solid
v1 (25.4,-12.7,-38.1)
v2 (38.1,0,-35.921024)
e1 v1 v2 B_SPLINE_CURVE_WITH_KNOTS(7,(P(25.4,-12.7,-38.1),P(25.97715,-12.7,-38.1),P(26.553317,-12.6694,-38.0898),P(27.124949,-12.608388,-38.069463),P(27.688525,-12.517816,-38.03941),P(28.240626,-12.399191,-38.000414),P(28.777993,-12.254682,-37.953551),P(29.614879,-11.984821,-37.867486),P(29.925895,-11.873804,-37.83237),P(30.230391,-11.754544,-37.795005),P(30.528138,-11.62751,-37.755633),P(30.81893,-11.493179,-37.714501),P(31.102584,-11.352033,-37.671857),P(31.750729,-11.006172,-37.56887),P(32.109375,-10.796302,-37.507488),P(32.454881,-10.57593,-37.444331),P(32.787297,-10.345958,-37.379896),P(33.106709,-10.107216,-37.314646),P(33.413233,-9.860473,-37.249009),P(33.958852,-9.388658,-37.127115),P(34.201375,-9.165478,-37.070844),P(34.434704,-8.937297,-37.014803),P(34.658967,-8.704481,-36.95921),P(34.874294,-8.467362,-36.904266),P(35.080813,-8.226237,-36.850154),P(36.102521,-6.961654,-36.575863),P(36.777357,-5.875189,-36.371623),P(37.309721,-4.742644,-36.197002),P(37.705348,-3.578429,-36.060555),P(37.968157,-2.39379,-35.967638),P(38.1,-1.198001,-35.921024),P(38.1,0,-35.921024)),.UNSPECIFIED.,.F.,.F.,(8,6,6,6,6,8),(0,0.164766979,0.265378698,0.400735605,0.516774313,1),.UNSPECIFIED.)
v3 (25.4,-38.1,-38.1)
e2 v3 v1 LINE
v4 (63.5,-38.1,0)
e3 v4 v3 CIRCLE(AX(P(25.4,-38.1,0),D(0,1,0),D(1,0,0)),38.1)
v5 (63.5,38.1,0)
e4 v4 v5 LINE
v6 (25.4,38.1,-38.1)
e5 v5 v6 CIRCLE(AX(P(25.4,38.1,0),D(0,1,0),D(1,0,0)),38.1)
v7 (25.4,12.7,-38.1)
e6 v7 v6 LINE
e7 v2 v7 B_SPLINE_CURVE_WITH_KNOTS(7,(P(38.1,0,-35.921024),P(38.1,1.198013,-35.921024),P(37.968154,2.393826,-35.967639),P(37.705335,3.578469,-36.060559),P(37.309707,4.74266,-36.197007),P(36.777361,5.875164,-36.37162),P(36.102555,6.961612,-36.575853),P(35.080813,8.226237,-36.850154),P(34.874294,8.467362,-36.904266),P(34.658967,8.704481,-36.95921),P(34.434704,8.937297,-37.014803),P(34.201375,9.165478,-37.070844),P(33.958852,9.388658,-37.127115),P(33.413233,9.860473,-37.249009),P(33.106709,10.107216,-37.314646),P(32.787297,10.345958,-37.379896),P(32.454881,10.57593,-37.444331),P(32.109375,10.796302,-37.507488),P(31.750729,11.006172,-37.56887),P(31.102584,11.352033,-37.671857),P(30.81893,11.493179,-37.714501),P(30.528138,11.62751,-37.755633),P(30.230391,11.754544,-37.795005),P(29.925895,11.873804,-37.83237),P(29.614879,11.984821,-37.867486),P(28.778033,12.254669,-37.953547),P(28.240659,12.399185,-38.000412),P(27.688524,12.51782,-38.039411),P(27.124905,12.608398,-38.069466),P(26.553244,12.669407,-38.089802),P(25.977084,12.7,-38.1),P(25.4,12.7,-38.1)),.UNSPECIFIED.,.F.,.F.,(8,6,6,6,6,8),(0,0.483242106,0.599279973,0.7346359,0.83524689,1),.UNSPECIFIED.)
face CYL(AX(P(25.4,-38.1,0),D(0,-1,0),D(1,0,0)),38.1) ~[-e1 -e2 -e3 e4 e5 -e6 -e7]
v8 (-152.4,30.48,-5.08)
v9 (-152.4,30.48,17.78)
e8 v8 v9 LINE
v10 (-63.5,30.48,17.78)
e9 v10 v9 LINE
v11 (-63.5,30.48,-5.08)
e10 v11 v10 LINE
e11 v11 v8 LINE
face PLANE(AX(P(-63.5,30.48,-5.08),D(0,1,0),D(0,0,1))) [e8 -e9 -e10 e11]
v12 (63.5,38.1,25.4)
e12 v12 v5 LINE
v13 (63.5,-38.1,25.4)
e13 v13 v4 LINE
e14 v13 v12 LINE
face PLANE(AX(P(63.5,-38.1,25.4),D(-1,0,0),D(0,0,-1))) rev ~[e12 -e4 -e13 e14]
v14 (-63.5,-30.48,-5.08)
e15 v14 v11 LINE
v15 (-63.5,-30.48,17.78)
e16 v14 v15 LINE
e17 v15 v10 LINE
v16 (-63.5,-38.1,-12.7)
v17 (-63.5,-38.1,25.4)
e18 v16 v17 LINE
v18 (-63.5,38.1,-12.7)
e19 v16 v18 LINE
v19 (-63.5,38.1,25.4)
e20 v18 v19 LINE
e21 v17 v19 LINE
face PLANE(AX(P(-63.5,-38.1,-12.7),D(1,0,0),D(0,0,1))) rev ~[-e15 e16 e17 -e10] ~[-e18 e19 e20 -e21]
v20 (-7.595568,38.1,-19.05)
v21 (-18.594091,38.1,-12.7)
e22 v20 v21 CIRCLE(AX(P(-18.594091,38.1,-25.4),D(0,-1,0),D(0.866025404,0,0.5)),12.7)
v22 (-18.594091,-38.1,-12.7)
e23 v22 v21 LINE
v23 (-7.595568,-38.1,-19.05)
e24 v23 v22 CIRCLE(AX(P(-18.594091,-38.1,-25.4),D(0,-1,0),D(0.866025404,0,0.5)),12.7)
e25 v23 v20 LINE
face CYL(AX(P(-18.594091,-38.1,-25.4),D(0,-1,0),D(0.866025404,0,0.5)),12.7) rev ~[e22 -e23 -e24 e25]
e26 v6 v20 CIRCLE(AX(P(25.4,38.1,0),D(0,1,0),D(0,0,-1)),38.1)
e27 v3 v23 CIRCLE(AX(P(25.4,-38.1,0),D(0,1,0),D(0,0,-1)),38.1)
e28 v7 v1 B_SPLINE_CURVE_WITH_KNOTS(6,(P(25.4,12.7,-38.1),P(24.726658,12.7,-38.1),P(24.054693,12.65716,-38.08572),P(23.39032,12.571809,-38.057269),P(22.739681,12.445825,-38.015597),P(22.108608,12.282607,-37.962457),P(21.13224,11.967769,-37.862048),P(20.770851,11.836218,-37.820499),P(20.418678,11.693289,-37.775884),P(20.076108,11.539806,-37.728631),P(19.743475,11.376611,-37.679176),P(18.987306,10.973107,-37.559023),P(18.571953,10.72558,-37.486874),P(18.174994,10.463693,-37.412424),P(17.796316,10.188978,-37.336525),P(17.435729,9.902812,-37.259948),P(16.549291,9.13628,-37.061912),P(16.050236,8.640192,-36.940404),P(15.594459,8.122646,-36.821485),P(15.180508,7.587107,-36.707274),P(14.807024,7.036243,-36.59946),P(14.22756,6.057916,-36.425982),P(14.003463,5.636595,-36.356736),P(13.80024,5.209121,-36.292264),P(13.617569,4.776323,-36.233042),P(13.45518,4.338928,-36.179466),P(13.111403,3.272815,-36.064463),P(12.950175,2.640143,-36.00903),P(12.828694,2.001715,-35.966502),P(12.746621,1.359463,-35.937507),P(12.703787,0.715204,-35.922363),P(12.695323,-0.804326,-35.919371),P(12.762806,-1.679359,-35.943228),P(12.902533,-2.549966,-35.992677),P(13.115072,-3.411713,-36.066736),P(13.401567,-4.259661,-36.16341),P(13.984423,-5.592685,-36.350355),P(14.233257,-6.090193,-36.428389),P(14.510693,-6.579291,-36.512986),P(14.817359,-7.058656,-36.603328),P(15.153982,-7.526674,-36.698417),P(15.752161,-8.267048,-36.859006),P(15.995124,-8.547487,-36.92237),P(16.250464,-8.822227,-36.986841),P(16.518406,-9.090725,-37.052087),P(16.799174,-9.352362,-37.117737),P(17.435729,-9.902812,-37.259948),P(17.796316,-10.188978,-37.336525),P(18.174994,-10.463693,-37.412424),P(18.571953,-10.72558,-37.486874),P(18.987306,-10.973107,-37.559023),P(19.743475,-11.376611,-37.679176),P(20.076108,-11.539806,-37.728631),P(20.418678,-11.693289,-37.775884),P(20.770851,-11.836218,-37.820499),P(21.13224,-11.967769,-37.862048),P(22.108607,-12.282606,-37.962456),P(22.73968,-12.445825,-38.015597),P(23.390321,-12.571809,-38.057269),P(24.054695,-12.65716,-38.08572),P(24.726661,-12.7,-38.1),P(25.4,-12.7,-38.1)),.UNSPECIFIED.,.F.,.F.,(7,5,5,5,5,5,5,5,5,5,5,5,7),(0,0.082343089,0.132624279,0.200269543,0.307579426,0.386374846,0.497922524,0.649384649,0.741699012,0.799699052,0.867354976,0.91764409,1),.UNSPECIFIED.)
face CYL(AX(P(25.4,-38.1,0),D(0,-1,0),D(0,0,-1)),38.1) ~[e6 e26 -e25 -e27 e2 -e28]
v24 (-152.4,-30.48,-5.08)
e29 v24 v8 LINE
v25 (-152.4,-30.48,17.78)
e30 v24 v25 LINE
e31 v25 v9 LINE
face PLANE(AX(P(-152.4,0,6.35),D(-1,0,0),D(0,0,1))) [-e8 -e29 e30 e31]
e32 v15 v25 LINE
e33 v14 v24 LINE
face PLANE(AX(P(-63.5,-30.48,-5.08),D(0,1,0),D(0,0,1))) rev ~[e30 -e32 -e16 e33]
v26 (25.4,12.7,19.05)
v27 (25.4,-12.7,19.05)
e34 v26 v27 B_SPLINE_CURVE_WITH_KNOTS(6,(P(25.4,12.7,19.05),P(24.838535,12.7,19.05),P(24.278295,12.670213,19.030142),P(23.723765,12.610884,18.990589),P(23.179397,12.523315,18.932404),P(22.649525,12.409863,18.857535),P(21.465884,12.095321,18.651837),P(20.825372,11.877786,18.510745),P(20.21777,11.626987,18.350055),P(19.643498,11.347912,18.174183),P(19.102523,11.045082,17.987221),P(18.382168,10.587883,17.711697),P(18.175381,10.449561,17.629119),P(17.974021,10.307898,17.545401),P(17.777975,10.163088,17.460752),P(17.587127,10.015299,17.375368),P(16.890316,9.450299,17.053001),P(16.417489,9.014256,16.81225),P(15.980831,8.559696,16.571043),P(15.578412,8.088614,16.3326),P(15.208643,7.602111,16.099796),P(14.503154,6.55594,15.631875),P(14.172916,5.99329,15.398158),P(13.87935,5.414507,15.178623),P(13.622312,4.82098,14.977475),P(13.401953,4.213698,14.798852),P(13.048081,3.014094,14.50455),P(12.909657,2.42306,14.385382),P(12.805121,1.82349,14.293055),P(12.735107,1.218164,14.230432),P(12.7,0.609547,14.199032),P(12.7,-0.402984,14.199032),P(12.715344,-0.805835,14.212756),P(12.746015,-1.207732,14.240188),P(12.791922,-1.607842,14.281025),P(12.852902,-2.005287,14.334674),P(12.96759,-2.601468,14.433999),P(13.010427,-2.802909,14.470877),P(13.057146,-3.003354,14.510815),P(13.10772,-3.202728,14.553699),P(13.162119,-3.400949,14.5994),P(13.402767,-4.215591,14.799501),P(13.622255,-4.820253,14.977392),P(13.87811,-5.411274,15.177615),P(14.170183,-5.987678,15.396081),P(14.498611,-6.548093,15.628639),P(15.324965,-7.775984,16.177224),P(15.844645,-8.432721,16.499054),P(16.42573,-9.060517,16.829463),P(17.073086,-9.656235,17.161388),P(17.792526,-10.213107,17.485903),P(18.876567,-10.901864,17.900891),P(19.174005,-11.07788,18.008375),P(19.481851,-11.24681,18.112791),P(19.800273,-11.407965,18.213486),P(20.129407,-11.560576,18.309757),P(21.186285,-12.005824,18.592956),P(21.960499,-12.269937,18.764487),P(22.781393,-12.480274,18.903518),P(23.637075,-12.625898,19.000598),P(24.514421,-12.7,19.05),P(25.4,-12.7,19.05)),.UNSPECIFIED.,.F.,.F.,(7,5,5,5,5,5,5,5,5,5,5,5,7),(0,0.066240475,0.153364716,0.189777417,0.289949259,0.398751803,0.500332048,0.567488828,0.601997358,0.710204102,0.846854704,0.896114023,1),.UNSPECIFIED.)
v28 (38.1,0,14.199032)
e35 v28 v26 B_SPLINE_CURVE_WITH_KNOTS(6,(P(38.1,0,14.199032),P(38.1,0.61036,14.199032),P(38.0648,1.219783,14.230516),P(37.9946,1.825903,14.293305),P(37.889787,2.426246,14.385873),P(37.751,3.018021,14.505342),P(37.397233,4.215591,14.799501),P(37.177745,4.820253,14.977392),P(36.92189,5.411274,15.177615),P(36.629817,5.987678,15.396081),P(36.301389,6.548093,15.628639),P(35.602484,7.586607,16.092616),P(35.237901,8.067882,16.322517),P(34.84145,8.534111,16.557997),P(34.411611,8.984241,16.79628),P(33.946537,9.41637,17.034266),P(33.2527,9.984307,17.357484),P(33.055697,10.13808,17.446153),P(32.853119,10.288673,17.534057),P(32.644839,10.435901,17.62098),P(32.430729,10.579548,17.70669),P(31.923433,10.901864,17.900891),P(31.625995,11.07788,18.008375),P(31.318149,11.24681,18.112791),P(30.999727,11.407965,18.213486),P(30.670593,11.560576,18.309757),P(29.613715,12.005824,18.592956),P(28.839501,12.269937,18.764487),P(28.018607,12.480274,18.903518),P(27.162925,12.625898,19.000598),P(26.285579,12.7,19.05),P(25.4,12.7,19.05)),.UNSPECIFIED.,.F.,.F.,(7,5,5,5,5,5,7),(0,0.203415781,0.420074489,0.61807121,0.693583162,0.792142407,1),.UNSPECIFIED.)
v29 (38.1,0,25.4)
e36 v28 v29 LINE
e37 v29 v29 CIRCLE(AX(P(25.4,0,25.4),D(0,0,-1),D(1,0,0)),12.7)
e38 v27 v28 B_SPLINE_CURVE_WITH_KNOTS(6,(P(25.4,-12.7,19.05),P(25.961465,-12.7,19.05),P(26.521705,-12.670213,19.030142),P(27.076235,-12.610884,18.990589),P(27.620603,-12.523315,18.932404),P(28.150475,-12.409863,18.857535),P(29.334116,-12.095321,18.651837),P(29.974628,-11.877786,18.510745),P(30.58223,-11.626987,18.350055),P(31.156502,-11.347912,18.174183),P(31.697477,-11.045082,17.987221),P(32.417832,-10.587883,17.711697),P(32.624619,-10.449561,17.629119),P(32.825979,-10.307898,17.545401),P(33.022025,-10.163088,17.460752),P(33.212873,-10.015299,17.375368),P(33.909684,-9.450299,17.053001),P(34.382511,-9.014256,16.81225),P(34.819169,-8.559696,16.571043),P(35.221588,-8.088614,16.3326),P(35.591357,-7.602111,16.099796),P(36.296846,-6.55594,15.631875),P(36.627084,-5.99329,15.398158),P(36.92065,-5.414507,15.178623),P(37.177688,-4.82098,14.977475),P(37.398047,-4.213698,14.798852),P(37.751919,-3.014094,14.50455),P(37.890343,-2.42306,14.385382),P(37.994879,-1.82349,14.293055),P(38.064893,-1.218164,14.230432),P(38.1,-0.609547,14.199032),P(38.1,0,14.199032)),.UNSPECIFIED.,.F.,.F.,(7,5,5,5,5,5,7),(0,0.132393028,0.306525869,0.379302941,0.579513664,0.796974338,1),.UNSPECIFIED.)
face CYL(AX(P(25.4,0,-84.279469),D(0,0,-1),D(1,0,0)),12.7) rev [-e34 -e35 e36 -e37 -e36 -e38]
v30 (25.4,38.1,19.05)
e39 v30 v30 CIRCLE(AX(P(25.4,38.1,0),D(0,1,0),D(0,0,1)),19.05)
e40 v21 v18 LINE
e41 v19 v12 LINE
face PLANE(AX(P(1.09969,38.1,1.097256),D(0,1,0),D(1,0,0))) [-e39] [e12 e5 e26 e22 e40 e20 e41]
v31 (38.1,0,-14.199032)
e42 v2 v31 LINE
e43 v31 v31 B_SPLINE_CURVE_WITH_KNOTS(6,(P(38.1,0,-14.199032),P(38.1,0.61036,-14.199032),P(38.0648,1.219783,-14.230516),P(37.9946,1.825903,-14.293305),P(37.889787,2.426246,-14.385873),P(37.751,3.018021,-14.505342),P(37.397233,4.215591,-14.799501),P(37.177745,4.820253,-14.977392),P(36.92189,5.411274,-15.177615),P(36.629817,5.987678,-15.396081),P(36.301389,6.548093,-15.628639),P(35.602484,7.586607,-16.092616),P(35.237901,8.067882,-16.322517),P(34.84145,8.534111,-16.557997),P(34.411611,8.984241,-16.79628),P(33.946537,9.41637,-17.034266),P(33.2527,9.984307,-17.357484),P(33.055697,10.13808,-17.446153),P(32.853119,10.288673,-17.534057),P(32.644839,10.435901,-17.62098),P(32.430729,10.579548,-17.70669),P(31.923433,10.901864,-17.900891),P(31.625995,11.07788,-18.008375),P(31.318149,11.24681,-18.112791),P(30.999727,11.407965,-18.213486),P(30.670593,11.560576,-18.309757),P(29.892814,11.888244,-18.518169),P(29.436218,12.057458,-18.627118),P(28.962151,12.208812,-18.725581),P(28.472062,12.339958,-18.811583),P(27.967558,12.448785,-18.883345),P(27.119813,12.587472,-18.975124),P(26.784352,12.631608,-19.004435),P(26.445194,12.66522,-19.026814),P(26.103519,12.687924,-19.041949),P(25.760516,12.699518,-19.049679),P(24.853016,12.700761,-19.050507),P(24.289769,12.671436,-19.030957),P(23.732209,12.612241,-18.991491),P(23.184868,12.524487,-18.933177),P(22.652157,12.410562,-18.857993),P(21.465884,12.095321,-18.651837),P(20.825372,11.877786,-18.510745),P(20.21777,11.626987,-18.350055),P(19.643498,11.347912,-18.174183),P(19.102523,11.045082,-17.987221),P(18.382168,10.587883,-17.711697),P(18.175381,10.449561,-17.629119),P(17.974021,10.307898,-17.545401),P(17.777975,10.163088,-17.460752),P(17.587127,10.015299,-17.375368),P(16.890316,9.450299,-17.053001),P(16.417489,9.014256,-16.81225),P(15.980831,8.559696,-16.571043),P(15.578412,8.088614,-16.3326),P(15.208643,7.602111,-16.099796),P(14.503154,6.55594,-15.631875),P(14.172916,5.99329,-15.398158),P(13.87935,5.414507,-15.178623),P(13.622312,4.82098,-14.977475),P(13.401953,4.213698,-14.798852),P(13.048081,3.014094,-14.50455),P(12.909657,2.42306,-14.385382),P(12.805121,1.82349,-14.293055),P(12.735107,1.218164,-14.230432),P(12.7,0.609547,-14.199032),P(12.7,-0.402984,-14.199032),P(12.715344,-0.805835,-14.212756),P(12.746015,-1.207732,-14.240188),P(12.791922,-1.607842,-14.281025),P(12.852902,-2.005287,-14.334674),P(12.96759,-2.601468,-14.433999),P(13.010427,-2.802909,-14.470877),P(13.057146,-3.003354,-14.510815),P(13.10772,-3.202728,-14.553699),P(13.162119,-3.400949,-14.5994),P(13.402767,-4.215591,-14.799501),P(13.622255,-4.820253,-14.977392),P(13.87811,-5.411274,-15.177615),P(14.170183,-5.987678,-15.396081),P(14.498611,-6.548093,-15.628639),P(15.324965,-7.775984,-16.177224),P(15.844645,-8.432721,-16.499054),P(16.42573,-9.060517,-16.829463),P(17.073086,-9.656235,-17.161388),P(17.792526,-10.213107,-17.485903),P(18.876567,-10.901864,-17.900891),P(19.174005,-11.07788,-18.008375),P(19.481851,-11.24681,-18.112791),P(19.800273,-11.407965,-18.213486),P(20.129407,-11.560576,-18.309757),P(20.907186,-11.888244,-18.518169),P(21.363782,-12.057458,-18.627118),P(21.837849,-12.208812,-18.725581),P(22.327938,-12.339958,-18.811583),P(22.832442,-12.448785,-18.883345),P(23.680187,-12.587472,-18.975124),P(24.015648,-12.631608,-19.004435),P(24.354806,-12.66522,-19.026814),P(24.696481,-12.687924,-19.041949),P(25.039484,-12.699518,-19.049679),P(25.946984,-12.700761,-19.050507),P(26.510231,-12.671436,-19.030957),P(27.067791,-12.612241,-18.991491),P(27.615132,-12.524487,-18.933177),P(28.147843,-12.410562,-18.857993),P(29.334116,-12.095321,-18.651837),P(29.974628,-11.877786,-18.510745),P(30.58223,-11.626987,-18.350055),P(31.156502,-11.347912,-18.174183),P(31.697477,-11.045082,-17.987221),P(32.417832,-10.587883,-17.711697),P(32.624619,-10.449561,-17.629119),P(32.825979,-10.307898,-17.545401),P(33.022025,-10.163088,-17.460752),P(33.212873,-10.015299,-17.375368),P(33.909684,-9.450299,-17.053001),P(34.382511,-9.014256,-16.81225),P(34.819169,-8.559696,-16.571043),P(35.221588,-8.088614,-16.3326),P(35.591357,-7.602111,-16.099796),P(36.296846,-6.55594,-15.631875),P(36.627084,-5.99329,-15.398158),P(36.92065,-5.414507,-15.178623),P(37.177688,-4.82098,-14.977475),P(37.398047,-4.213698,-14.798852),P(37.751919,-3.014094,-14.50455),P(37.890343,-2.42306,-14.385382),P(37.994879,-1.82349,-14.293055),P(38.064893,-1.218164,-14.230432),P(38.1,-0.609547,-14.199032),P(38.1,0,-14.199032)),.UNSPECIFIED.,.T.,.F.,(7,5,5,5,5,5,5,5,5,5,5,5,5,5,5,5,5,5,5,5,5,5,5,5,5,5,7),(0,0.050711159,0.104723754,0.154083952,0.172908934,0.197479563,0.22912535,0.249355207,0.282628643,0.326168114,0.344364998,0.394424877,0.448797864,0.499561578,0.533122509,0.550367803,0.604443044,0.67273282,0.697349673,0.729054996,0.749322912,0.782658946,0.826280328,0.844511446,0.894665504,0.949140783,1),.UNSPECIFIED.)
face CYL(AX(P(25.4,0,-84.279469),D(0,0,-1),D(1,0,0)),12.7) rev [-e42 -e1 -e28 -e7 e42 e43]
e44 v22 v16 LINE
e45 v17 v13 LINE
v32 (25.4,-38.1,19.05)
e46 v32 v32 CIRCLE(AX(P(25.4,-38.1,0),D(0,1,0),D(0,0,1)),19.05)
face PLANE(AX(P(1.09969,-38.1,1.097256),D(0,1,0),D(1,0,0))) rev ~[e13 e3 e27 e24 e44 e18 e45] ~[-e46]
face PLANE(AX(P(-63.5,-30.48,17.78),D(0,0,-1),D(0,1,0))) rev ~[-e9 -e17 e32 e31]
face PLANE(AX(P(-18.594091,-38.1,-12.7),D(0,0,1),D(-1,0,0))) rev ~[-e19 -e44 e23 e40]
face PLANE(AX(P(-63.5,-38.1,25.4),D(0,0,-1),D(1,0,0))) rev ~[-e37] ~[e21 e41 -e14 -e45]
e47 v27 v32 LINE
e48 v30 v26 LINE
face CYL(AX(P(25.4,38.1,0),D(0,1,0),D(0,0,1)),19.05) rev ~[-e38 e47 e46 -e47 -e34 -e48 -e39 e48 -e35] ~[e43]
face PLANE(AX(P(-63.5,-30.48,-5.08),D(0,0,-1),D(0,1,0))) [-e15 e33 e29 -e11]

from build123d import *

# Parameters (mm, degrees)
BOSS_EXTRUDE1_DEPTH      = 38.1
BOSS_EXTRUDE1_DEPTH_BACK = 38.1
CUT_EXTRUDE1_DEPTH       = 84.279469259
CUT_EXTRUDE1_DEPTH_BACK  = 84.279469259
SKETCH4_R                = 12.7
SKETCH5_W                = 22.86
SKETCH5_H                = 60.96
BOSS_EXTRUDE2_DEPTH      = 88.9
SKETCH6_R                = 19.05
CUT_EXTRUDE2_DEPTH       = 175.596134043


with BuildPart() as part:
    # Sketch2 → Boss-Extrude1 (new, two sides: drawn at the far end of the back side and taken through both)
    with BuildSketch(Plane(origin=(0, 0, 0), x_dir=(1, 0, 0), z_dir=(0, 1, 0)).offset(-BOSS_EXTRUDE1_DEPTH_BACK)):
        with BuildLine():
            Line((-63.5, 12.7), (-63.5, -25.4))
            Line((-63.5, -25.4), (63.5, -25.4))
            Line((63.5, -25.4), (63.5, 0))
            ThreePointArc((63.5, 0), (52.340768363, 26.940768363), (25.4, 38.1))
            ThreePointArc((25.4, 38.1), (6.35, 32.995567884), (-7.595567884, 19.05))
            ThreePointArc((-7.595567884, 19.05), (-12.244090512, 14.401477372), (-18.594090512, 12.7))
            Line((-18.594090512, 12.7), (-63.5, 12.7))
        make_face()
    extrude(amount=BOSS_EXTRUDE1_DEPTH + BOSS_EXTRUDE1_DEPTH_BACK)

    # Sketch4 → Cut-Extrude1 (cut, two sides: drawn at the far end of the back side and taken through both)
    with BuildSketch(Plane.XY.offset(-CUT_EXTRUDE1_DEPTH_BACK)):
        with Locations((25.4, 0)):
            Circle(SKETCH4_R)
    extrude(amount=CUT_EXTRUDE1_DEPTH + CUT_EXTRUDE1_DEPTH_BACK, mode=Mode.SUBTRACT)

    # Sketch5 → Boss-Extrude2 (add)
    with BuildSketch(Plane.ZY.offset(63.5)):
        with Locations((6.35, 0)):
            Rectangle(SKETCH5_W, SKETCH5_H)
    extrude(amount=BOSS_EXTRUDE2_DEPTH)

    # Sketch6 → Cut-Extrude2 (cut, through all)
    with BuildSketch(Plane(origin=(0, 38.1, 0), x_dir=(1, 0, 0), z_dir=(0, 1, 0))):
        with Locations(Location((25.4, 0, 0), (0, 0, 270))):
            Circle(SKETCH6_R)
    extrude(amount=-CUT_EXTRUDE2_DEPTH, mode=Mode.SUBTRACT)


solid = part.part
